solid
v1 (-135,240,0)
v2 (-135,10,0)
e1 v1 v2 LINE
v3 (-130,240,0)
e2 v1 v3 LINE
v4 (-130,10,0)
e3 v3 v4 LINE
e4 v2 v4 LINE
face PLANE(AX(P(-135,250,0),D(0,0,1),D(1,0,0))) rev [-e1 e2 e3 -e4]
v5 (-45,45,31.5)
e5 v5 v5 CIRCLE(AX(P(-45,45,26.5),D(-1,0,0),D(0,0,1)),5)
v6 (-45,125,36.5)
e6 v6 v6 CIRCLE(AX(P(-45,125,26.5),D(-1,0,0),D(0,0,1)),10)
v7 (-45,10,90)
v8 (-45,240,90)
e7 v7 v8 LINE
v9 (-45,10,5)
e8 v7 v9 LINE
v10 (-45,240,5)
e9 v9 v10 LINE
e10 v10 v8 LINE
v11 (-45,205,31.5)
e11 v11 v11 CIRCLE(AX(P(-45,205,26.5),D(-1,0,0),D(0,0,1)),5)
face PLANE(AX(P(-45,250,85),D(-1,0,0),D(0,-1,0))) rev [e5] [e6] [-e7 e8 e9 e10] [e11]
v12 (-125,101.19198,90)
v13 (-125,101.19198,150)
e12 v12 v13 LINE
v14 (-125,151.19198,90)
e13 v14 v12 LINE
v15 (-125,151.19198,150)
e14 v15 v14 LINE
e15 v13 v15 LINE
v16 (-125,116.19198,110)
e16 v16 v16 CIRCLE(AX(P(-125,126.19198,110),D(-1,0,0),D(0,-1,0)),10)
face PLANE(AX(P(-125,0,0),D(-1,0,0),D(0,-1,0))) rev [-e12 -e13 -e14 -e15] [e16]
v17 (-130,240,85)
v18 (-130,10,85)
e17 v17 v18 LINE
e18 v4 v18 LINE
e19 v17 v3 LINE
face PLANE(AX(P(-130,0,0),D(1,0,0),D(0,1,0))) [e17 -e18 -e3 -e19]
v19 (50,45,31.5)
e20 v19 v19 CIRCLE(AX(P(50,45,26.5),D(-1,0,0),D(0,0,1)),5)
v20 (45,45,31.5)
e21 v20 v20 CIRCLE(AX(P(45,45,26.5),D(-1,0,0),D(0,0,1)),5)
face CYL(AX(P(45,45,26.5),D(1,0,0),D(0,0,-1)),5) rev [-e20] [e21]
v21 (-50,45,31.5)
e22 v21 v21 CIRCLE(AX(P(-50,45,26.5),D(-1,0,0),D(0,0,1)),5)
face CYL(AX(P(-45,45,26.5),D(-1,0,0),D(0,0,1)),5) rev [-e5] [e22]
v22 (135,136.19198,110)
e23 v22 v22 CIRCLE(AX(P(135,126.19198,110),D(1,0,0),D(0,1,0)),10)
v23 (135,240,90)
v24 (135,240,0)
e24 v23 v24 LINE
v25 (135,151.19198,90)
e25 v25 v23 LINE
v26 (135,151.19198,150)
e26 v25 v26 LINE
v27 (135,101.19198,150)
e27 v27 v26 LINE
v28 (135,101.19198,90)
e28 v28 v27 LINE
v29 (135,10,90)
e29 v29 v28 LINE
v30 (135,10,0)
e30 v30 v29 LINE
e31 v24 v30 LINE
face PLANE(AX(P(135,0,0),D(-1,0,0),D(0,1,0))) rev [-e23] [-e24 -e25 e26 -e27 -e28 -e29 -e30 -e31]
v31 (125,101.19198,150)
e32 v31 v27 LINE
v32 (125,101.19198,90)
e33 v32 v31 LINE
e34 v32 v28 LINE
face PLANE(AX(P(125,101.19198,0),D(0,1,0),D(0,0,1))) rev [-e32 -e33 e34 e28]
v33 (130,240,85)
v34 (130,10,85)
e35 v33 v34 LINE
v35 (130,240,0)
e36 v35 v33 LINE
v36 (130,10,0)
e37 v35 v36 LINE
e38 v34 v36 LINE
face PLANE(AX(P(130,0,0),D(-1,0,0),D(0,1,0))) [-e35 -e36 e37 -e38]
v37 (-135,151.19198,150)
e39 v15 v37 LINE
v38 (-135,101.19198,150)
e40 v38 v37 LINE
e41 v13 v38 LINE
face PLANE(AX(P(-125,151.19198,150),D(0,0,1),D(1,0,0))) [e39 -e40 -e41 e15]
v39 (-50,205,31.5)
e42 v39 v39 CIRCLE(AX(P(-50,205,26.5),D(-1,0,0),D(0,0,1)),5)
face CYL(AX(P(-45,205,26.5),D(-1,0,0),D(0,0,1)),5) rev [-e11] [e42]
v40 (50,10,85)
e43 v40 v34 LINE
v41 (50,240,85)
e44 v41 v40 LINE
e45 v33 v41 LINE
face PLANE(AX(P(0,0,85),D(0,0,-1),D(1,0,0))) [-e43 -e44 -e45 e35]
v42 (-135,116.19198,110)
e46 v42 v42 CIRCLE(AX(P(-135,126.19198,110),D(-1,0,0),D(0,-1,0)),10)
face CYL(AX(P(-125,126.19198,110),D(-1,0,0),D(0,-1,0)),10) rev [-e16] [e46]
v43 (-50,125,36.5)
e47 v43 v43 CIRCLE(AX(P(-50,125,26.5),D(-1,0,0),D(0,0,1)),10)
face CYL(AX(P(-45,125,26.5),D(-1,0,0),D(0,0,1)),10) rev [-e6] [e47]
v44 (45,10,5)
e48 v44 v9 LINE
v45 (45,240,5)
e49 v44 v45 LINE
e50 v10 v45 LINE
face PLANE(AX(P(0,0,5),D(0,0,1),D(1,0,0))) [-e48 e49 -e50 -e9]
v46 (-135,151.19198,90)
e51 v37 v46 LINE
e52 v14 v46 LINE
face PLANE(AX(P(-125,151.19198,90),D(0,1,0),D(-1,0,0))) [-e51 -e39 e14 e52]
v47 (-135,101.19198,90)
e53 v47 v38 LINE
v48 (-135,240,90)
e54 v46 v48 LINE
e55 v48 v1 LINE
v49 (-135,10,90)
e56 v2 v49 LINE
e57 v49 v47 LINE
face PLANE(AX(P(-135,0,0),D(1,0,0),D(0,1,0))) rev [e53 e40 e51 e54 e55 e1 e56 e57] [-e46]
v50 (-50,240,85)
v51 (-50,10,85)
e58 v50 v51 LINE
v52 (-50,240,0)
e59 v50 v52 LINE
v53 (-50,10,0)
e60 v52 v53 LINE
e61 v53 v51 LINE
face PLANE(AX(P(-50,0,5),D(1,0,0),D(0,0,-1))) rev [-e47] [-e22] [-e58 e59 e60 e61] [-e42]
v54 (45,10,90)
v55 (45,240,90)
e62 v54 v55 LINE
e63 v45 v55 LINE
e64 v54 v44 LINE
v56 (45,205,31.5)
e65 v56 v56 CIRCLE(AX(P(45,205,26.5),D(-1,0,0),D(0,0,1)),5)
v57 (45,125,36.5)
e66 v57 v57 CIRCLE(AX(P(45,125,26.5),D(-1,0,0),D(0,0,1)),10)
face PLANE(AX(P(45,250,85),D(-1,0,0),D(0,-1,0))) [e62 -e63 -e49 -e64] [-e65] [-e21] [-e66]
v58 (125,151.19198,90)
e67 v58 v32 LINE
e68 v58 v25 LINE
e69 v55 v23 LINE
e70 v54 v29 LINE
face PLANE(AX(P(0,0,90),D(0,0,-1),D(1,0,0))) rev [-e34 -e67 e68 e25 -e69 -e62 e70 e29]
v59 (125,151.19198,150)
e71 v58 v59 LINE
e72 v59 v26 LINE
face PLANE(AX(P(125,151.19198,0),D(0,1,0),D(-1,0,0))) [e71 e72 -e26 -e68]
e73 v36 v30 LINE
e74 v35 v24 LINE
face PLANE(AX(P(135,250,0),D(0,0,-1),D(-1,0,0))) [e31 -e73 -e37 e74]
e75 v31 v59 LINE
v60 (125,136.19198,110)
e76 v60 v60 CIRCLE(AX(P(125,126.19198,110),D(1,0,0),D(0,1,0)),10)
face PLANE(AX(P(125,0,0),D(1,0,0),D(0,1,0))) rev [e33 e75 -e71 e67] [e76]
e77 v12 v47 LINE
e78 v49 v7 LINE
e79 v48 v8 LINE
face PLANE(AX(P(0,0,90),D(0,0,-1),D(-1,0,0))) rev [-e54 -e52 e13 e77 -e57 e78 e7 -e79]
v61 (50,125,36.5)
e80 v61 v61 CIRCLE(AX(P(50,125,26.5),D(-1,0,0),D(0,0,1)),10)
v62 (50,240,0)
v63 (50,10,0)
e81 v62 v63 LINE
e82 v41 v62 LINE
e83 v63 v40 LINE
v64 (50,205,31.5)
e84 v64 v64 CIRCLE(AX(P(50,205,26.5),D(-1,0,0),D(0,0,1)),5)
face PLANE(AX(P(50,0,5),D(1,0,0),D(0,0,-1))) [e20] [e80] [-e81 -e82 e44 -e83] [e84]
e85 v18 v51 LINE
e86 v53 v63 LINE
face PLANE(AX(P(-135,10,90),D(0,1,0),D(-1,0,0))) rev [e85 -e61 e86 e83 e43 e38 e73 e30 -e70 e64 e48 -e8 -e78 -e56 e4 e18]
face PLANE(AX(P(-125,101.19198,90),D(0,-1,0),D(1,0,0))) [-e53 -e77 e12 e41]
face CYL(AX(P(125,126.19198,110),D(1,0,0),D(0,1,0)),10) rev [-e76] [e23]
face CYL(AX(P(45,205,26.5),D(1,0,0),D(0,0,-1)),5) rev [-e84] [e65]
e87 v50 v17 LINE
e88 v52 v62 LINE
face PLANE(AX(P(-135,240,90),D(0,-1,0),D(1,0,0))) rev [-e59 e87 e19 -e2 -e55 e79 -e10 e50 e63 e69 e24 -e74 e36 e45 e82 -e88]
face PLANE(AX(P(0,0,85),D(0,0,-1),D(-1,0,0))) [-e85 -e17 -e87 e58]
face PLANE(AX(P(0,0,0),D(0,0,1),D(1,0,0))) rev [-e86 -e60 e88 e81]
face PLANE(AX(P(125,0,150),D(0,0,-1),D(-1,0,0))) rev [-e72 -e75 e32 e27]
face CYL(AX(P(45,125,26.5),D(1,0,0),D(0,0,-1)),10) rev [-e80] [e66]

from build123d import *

# Parameters (mm, degrees)
ESQUISSE1_W             = 50
ESQUISSE1_H             = 250
BOSS_EXTRU_1_DEPTH      = 5
ESQUISSE2_W             = 5
ESQUISSE2_H             = 250
BOSS_EXTRU_2_DEPTH      = 80
ESQUISSE3_W             = 85
ESQUISSE3_H             = 250
BOSS_EXTRU_3_DEPTH      = 5
ESQUISSE4_W             = 90
ESQUISSE4_H             = 250
BOSS_EXTRU_4_DEPTH      = 5
ESQUISSE5_R             = 10
ENL_V_MAT_EXTRU_1_DEPTH = 5
ESQUISSE6_R             = 5
ENL_V_MAT_EXTRU_2_DEPTH = 5
ESQUISSE8_R             = 20
ESQUISSE8_R_2           = 10
BOSS_EXTRU_5_DEPTH      = 10
ESQUISSE9_W             = 60
ESQUISSE9_H             = 50
ESQUISSE9_R             = 10
BOSS_EXTRU_6_DEPTH      = 10
ESQUISSE11_W            = 90
ESQUISSE11_H            = 10
ENL_V_MAT_EXTRU_6_DEPTH = 271


with BuildPart() as part:
    # Esquisse1 → Boss.-Extru.1 (new body)
    with BuildSketch(Plane.XY):
        with Locations((-25, 125)):
            Rectangle(ESQUISSE1_W, ESQUISSE1_H)
    boss_extru_1 = extrude(amount=BOSS_EXTRU_1_DEPTH)

    # Esquisse2 → Boss.-Extru.2 (add)
    with BuildSketch(Plane.XY.offset(5)):
        with Locations((-47.5, 125)):
            Rectangle(ESQUISSE2_W, ESQUISSE2_H)
    boss_extru_2 = extrude(amount=BOSS_EXTRU_2_DEPTH)

    # Esquisse3 → Boss.-Extru.3 (add)
    with BuildSketch(Plane.XY.offset(85)):
        with Locations((-87.5, 125)):
            Rectangle(ESQUISSE3_W, ESQUISSE3_H)
    boss_extru_3 = extrude(amount=BOSS_EXTRU_3_DEPTH)

    # Esquisse4 → Boss.-Extru.4 (add)
    with BuildSketch(Plane.ZY.offset(130)):
        with Locations((45, 125)):
            Rectangle(ESQUISSE4_W, ESQUISSE4_H)
    boss_extru_4 = extrude(amount=BOSS_EXTRU_4_DEPTH)

    # Esquisse5 → Enlèv. mat.-Extru.1 (cut)
    with BuildSketch(Plane.ZY.offset(50)):
        with Locations((26.5, 125)):
            Circle(ESQUISSE5_R)
    enl_v_mat_extru_1 = extrude(amount=-ENL_V_MAT_EXTRU_1_DEPTH, mode=Mode.SUBTRACT)

    # Esquisse6 → Enlèv. mat.-Extru.2 (cut)
    with BuildSketch(Plane.ZY.offset(50)):
        with Locations((26.5, 205)):
            Circle(ESQUISSE6_R)
        with Locations((26.5, 45)):
            Circle(ESQUISSE6_R)
    enl_v_mat_extru_2 = extrude(amount=-ENL_V_MAT_EXTRU_2_DEPTH, mode=Mode.SUBTRACT)

    # Symétrie2: Boss.-Extru.1, Boss.-Extru.2, Boss.-Extru.3, Boss.-Extru.4, Enlèv. mat.-Extru.1, Enlèv. mat.-Extru.2 across plane
    add(boss_extru_1.mirror(Plane(origin=(0, 0, 5), x_dir=(0, 0, 1), z_dir=(-1, 0, 0))))
    add(boss_extru_2.mirror(Plane(origin=(0, 0, 5), x_dir=(0, 0, 1), z_dir=(-1, 0, 0))))
    add(boss_extru_3.mirror(Plane(origin=(0, 0, 5), x_dir=(0, 0, 1), z_dir=(-1, 0, 0))))
    add(boss_extru_4.mirror(Plane(origin=(0, 0, 5), x_dir=(0, 0, 1), z_dir=(-1, 0, 0))))
    add(enl_v_mat_extru_1.mirror(Plane(origin=(0, 0, 5), x_dir=(0, 0, 1), z_dir=(-1, 0, 0))), mode=Mode.SUBTRACT)
    add(enl_v_mat_extru_2.mirror(Plane(origin=(0, 0, 5), x_dir=(0, 0, 1), z_dir=(-1, 0, 0))), mode=Mode.SUBTRACT)

    # Esquisse8 → Boss.-Extru.5 (add)
    with BuildSketch(Plane(origin=(135, 0, 0), x_dir=(0, 0, -1), z_dir=(1, 0, 0))):
        Polygon((-90, 101.191980235), (-90, 125), (-90, 126.191980235), (-90, 151.191980235), (-150, 151.191980235), (-150, 125), (-150, 101.191980235), align=None)
        with Locations((-110, 126.191980235)):
            Circle(ESQUISSE8_R, mode=Mode.SUBTRACT)
        with Locations((-110, 126.191980235)):
            Circle(ESQUISSE8_R)
        with Locations((-110, 126.191980235)):
            Circle(ESQUISSE8_R_2, mode=Mode.SUBTRACT)
    extrude(amount=-BOSS_EXTRU_5_DEPTH)

    # Esquisse9 → Boss.-Extru.6 (add)
    with BuildSketch(Plane.ZY.offset(135)):
        with Locations((120, 126.191980235)):
            Rectangle(ESQUISSE9_W, ESQUISSE9_H)
        with Locations((110, 126.191980235)):
            Circle(ESQUISSE9_R, mode=Mode.SUBTRACT)
    extrude(amount=-BOSS_EXTRU_6_DEPTH)

    # Esquisse11 → Enlèv. mat.-Extru.6 (cut, through all)
    with BuildSketch(Plane(origin=(135, 0, 0), x_dir=(0, 0, -1), z_dir=(1, 0, 0))):
        with Locations((-45, 5)):
            Rectangle(ESQUISSE11_W, ESQUISSE11_H)
        with Locations((-45, 245)):
            Rectangle(ESQUISSE11_W, ESQUISSE11_H)
    extrude(amount=-ENL_V_MAT_EXTRU_6_DEPTH, mode=Mode.SUBTRACT)


solid = part.part
